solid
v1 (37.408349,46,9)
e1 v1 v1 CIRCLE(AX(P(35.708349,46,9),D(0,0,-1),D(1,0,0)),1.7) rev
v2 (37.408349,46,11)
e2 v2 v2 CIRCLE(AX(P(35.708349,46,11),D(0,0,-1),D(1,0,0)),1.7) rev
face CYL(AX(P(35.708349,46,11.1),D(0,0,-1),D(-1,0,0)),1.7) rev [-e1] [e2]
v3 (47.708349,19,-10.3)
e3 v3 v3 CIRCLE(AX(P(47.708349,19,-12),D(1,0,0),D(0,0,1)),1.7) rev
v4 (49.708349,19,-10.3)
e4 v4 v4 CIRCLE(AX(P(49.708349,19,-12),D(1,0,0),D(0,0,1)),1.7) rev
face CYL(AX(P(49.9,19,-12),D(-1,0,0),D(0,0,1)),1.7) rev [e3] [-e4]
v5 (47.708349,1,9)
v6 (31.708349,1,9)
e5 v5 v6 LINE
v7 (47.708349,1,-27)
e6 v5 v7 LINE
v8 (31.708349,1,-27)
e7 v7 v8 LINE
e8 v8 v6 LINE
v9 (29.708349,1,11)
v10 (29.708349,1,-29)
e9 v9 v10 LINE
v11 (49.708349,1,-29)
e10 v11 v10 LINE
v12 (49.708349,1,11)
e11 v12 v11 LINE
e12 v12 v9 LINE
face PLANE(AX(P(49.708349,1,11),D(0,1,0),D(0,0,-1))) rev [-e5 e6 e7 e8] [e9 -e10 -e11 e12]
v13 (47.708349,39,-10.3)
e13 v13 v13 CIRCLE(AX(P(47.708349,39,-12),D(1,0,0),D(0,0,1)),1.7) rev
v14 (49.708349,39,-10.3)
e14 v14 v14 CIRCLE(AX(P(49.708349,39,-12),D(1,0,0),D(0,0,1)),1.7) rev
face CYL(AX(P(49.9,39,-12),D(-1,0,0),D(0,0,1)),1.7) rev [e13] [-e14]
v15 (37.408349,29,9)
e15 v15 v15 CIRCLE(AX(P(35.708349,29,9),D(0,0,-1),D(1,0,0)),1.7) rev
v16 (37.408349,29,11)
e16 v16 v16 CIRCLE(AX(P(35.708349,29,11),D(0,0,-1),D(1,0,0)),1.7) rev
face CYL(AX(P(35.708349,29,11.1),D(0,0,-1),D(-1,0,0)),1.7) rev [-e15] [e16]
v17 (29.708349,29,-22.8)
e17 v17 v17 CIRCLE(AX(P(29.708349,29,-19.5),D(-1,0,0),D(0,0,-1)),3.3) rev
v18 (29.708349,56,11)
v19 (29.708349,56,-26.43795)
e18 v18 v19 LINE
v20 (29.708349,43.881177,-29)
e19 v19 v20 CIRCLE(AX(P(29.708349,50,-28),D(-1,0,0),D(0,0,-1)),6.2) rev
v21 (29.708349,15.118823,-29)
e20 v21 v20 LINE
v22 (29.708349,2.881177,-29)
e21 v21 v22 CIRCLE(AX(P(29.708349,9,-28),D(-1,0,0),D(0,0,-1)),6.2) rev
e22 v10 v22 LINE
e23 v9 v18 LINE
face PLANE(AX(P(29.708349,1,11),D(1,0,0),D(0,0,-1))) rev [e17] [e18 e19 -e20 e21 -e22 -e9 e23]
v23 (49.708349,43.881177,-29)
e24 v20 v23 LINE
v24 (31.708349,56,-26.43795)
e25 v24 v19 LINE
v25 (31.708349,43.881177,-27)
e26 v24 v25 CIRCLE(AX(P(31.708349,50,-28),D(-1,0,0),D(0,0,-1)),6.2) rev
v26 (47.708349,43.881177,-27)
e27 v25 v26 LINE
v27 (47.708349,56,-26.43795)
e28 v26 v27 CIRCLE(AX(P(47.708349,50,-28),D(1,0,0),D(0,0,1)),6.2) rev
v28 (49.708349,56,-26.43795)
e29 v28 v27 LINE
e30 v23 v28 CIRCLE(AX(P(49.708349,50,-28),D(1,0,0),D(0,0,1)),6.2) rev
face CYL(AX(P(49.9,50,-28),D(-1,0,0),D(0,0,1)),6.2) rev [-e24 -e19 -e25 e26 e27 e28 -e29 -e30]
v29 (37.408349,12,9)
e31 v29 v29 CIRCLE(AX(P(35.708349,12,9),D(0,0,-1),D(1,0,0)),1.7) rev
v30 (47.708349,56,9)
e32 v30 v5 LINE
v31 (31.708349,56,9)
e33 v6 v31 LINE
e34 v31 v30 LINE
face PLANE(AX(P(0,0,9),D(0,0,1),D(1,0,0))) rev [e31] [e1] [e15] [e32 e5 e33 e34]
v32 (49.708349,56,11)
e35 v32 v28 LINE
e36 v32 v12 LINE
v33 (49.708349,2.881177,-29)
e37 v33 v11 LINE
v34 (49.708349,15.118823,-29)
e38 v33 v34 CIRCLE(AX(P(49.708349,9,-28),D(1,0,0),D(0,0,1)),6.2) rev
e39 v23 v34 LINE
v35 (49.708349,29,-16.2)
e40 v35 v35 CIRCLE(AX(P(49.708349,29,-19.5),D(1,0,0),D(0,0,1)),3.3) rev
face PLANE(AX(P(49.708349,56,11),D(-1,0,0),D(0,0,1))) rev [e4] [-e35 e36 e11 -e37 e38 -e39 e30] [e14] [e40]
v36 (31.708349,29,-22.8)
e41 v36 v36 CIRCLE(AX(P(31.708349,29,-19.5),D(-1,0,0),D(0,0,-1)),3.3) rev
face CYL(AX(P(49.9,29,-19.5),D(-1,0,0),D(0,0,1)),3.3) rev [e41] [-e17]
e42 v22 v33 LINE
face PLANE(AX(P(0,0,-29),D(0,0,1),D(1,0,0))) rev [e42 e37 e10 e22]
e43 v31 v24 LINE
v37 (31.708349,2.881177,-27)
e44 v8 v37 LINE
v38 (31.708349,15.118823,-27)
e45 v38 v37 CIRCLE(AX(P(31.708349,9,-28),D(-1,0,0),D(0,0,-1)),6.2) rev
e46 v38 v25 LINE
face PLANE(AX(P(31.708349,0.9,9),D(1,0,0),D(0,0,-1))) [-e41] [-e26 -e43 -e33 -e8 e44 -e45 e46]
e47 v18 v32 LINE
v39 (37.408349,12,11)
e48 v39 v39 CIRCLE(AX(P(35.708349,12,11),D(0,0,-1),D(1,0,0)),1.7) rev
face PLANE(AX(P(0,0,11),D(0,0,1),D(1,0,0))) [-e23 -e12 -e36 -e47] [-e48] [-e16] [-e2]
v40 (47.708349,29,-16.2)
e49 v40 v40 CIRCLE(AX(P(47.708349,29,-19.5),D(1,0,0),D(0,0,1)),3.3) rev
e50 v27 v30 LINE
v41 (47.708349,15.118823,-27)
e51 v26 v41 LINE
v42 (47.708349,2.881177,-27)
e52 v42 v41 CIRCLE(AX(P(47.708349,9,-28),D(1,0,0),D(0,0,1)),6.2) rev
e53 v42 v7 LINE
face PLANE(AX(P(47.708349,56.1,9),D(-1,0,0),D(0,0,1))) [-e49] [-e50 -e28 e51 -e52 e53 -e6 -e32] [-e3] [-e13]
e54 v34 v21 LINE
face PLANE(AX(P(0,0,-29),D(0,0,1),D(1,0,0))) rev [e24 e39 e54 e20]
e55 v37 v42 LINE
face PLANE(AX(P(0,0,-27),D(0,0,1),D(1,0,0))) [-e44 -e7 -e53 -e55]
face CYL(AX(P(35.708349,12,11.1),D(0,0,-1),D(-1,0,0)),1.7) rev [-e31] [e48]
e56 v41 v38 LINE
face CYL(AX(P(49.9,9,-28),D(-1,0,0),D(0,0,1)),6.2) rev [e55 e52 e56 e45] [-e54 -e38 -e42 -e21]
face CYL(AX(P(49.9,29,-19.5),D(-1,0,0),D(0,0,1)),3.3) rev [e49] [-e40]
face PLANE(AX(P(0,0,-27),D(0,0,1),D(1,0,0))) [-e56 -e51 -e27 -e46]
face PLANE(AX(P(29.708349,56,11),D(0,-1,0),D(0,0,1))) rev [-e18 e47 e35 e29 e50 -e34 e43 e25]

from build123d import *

# Parameters (mm, degrees)
STEEL_TUBE_STOCK_SKETCH_W        = 20
STEEL_TUBE_STOCK_SKETCH_H        = 55
STEEL_TUBE_STOCK_DEPTH           = 40
TUBE_INTERIOR_SKETCH_W           = 16
TUBE_INTERIOR_SKETCH_H           = 55.2
TUBE_INTERIOR_DEPTH              = 36
GUIDE_BUSH_CLEARANCE_1_SKETCH_R  = 6.2
GUIDE_BUSH_CLEARANCE_1_DEPTH     = 20.3
GUIDE_BUSH_CLEARANCE_2_SKETCH_R  = 6.2
GUIDE_BUSH_CLEARANCE_2_DEPTH     = 20.3
SCREW_THROUGH_CLEARANCE_SKETCH_R = 3.3
SCREW_THROUGH_CLEARANCE_DEPTH    = 20.3
SPRING_PIN_CLEARANCE_1_SKETCH_R  = 1.7
SPRING_PIN_CLEARANCE_1_DEPTH     = 2.2
SPRING_PIN_CLEARANCE_2_SKETCH_R  = 1.7
SPRING_PIN_CLEARANCE_2_DEPTH     = 2.2
SPRING_PIN_CLEARANCE_3_SKETCH_R  = 1.7
SPRING_PIN_CLEARANCE_3_DEPTH     = 2.2
CLAMP_BOLT_CLEARANCE_1_SKETCH_R  = 1.7
CLAMP_BOLT_CLEARANCE_1_DEPTH     = 2.3
CLAMP_BOLT_CLEARANCE_2_SKETCH_R  = 1.7
CLAMP_BOLT_CLEARANCE_2_DEPTH     = 2.3


with BuildPart() as part:
    # Steel tube stock sketch → Steel tube stock (new body)
    with BuildSketch(Plane.XY.offset(-29)):
        with Locations((39.708348754, -28.5)):
            Rectangle(STEEL_TUBE_STOCK_SKETCH_W, STEEL_TUBE_STOCK_SKETCH_H)
    extrude(amount=STEEL_TUBE_STOCK_DEPTH)

    # Tube interior sketch → Tube interior (cut)
    with BuildSketch(Plane.XY.offset(-27)):
        with Locations((39.708348754, -28.5)):
            Rectangle(TUBE_INTERIOR_SKETCH_W, TUBE_INTERIOR_SKETCH_H)
    extrude(amount=TUBE_INTERIOR_DEPTH, mode=Mode.SUBTRACT)

    # Guide bush clearance 1 sketch → Guide bush clearance 1 (cut)
    with BuildSketch(Plane(origin=(29.6, 0, 0), x_dir=(0, 0, -1), z_dir=(1, 0, 0))):
        with Locations((28, -9)):
            Circle(GUIDE_BUSH_CLEARANCE_1_SKETCH_R)
    extrude(amount=GUIDE_BUSH_CLEARANCE_1_DEPTH, mode=Mode.SUBTRACT)

    # Guide bush clearance 2 sketch → Guide bush clearance 2 (cut)
    with BuildSketch(Plane(origin=(29.6, 0, 0), x_dir=(0, 0, -1), z_dir=(1, 0, 0))):
        with Locations((28, -50)):
            Circle(GUIDE_BUSH_CLEARANCE_2_SKETCH_R)
    extrude(amount=GUIDE_BUSH_CLEARANCE_2_DEPTH, mode=Mode.SUBTRACT)

    # Screw through clearance sketch → Screw through clearance (cut)
    with BuildSketch(Plane(origin=(29.6, 0, 0), x_dir=(0, 0, -1), z_dir=(1, 0, 0))):
        with Locations(Location((19.5, -29, 0), (0, 0, 180))):
            Circle(SCREW_THROUGH_CLEARANCE_SKETCH_R)
    extrude(amount=SCREW_THROUGH_CLEARANCE_DEPTH, mode=Mode.SUBTRACT)

    # Spring pin clearance 1 sketch → Spring pin clearance 1 (cut)
    with BuildSketch(Plane.XY.offset(8.9)):
        with Locations((35.708348754, -12)):
            Circle(SPRING_PIN_CLEARANCE_1_SKETCH_R)
    extrude(amount=SPRING_PIN_CLEARANCE_1_DEPTH, mode=Mode.SUBTRACT)

    # Spring pin clearance 2 sketch → Spring pin clearance 2 (cut)
    with BuildSketch(Plane.XY.offset(8.9)):
        with Locations((35.708348754, -29)):
            Circle(SPRING_PIN_CLEARANCE_2_SKETCH_R)
    extrude(amount=SPRING_PIN_CLEARANCE_2_DEPTH, mode=Mode.SUBTRACT)

    # Spring pin clearance 3 sketch → Spring pin clearance 3 (cut)
    with BuildSketch(Plane.XY.offset(8.9)):
        with Locations((35.708348754, -46)):
            Circle(SPRING_PIN_CLEARANCE_3_SKETCH_R)
    extrude(amount=SPRING_PIN_CLEARANCE_3_DEPTH, mode=Mode.SUBTRACT)

    # Clamp bolt clearance 1 sketch → Clamp bolt clearance 1 (cut)
    with BuildSketch(Plane(origin=(47.6, 0, 0), x_dir=(0, 0, -1), z_dir=(1, 0, 0))):
        with Locations(Location((12, -19, 0), (0, 0, 180))):
            Circle(CLAMP_BOLT_CLEARANCE_1_SKETCH_R)
    extrude(amount=CLAMP_BOLT_CLEARANCE_1_DEPTH, mode=Mode.SUBTRACT)

    # Clamp bolt clearance 2 sketch → Clamp bolt clearance 2 (cut)
    with BuildSketch(Plane(origin=(47.6, 0, 0), x_dir=(0, 0, -1), z_dir=(1, 0, 0))):
        with Locations(Location((12, -39, 0), (0, 0, 180))):
            Circle(CLAMP_BOLT_CLEARANCE_2_SKETCH_R)
    extrude(amount=CLAMP_BOLT_CLEARANCE_2_DEPTH, mode=Mode.SUBTRACT)


with BuildPart() as body_2:
    # Mirror1: mirrored copy
    add(part.part.mirror(Plane(origin=(0, 0, 0), x_dir=(0, 0, 1), z_dir=(0, -1, 0))))


solid = body_2.part
